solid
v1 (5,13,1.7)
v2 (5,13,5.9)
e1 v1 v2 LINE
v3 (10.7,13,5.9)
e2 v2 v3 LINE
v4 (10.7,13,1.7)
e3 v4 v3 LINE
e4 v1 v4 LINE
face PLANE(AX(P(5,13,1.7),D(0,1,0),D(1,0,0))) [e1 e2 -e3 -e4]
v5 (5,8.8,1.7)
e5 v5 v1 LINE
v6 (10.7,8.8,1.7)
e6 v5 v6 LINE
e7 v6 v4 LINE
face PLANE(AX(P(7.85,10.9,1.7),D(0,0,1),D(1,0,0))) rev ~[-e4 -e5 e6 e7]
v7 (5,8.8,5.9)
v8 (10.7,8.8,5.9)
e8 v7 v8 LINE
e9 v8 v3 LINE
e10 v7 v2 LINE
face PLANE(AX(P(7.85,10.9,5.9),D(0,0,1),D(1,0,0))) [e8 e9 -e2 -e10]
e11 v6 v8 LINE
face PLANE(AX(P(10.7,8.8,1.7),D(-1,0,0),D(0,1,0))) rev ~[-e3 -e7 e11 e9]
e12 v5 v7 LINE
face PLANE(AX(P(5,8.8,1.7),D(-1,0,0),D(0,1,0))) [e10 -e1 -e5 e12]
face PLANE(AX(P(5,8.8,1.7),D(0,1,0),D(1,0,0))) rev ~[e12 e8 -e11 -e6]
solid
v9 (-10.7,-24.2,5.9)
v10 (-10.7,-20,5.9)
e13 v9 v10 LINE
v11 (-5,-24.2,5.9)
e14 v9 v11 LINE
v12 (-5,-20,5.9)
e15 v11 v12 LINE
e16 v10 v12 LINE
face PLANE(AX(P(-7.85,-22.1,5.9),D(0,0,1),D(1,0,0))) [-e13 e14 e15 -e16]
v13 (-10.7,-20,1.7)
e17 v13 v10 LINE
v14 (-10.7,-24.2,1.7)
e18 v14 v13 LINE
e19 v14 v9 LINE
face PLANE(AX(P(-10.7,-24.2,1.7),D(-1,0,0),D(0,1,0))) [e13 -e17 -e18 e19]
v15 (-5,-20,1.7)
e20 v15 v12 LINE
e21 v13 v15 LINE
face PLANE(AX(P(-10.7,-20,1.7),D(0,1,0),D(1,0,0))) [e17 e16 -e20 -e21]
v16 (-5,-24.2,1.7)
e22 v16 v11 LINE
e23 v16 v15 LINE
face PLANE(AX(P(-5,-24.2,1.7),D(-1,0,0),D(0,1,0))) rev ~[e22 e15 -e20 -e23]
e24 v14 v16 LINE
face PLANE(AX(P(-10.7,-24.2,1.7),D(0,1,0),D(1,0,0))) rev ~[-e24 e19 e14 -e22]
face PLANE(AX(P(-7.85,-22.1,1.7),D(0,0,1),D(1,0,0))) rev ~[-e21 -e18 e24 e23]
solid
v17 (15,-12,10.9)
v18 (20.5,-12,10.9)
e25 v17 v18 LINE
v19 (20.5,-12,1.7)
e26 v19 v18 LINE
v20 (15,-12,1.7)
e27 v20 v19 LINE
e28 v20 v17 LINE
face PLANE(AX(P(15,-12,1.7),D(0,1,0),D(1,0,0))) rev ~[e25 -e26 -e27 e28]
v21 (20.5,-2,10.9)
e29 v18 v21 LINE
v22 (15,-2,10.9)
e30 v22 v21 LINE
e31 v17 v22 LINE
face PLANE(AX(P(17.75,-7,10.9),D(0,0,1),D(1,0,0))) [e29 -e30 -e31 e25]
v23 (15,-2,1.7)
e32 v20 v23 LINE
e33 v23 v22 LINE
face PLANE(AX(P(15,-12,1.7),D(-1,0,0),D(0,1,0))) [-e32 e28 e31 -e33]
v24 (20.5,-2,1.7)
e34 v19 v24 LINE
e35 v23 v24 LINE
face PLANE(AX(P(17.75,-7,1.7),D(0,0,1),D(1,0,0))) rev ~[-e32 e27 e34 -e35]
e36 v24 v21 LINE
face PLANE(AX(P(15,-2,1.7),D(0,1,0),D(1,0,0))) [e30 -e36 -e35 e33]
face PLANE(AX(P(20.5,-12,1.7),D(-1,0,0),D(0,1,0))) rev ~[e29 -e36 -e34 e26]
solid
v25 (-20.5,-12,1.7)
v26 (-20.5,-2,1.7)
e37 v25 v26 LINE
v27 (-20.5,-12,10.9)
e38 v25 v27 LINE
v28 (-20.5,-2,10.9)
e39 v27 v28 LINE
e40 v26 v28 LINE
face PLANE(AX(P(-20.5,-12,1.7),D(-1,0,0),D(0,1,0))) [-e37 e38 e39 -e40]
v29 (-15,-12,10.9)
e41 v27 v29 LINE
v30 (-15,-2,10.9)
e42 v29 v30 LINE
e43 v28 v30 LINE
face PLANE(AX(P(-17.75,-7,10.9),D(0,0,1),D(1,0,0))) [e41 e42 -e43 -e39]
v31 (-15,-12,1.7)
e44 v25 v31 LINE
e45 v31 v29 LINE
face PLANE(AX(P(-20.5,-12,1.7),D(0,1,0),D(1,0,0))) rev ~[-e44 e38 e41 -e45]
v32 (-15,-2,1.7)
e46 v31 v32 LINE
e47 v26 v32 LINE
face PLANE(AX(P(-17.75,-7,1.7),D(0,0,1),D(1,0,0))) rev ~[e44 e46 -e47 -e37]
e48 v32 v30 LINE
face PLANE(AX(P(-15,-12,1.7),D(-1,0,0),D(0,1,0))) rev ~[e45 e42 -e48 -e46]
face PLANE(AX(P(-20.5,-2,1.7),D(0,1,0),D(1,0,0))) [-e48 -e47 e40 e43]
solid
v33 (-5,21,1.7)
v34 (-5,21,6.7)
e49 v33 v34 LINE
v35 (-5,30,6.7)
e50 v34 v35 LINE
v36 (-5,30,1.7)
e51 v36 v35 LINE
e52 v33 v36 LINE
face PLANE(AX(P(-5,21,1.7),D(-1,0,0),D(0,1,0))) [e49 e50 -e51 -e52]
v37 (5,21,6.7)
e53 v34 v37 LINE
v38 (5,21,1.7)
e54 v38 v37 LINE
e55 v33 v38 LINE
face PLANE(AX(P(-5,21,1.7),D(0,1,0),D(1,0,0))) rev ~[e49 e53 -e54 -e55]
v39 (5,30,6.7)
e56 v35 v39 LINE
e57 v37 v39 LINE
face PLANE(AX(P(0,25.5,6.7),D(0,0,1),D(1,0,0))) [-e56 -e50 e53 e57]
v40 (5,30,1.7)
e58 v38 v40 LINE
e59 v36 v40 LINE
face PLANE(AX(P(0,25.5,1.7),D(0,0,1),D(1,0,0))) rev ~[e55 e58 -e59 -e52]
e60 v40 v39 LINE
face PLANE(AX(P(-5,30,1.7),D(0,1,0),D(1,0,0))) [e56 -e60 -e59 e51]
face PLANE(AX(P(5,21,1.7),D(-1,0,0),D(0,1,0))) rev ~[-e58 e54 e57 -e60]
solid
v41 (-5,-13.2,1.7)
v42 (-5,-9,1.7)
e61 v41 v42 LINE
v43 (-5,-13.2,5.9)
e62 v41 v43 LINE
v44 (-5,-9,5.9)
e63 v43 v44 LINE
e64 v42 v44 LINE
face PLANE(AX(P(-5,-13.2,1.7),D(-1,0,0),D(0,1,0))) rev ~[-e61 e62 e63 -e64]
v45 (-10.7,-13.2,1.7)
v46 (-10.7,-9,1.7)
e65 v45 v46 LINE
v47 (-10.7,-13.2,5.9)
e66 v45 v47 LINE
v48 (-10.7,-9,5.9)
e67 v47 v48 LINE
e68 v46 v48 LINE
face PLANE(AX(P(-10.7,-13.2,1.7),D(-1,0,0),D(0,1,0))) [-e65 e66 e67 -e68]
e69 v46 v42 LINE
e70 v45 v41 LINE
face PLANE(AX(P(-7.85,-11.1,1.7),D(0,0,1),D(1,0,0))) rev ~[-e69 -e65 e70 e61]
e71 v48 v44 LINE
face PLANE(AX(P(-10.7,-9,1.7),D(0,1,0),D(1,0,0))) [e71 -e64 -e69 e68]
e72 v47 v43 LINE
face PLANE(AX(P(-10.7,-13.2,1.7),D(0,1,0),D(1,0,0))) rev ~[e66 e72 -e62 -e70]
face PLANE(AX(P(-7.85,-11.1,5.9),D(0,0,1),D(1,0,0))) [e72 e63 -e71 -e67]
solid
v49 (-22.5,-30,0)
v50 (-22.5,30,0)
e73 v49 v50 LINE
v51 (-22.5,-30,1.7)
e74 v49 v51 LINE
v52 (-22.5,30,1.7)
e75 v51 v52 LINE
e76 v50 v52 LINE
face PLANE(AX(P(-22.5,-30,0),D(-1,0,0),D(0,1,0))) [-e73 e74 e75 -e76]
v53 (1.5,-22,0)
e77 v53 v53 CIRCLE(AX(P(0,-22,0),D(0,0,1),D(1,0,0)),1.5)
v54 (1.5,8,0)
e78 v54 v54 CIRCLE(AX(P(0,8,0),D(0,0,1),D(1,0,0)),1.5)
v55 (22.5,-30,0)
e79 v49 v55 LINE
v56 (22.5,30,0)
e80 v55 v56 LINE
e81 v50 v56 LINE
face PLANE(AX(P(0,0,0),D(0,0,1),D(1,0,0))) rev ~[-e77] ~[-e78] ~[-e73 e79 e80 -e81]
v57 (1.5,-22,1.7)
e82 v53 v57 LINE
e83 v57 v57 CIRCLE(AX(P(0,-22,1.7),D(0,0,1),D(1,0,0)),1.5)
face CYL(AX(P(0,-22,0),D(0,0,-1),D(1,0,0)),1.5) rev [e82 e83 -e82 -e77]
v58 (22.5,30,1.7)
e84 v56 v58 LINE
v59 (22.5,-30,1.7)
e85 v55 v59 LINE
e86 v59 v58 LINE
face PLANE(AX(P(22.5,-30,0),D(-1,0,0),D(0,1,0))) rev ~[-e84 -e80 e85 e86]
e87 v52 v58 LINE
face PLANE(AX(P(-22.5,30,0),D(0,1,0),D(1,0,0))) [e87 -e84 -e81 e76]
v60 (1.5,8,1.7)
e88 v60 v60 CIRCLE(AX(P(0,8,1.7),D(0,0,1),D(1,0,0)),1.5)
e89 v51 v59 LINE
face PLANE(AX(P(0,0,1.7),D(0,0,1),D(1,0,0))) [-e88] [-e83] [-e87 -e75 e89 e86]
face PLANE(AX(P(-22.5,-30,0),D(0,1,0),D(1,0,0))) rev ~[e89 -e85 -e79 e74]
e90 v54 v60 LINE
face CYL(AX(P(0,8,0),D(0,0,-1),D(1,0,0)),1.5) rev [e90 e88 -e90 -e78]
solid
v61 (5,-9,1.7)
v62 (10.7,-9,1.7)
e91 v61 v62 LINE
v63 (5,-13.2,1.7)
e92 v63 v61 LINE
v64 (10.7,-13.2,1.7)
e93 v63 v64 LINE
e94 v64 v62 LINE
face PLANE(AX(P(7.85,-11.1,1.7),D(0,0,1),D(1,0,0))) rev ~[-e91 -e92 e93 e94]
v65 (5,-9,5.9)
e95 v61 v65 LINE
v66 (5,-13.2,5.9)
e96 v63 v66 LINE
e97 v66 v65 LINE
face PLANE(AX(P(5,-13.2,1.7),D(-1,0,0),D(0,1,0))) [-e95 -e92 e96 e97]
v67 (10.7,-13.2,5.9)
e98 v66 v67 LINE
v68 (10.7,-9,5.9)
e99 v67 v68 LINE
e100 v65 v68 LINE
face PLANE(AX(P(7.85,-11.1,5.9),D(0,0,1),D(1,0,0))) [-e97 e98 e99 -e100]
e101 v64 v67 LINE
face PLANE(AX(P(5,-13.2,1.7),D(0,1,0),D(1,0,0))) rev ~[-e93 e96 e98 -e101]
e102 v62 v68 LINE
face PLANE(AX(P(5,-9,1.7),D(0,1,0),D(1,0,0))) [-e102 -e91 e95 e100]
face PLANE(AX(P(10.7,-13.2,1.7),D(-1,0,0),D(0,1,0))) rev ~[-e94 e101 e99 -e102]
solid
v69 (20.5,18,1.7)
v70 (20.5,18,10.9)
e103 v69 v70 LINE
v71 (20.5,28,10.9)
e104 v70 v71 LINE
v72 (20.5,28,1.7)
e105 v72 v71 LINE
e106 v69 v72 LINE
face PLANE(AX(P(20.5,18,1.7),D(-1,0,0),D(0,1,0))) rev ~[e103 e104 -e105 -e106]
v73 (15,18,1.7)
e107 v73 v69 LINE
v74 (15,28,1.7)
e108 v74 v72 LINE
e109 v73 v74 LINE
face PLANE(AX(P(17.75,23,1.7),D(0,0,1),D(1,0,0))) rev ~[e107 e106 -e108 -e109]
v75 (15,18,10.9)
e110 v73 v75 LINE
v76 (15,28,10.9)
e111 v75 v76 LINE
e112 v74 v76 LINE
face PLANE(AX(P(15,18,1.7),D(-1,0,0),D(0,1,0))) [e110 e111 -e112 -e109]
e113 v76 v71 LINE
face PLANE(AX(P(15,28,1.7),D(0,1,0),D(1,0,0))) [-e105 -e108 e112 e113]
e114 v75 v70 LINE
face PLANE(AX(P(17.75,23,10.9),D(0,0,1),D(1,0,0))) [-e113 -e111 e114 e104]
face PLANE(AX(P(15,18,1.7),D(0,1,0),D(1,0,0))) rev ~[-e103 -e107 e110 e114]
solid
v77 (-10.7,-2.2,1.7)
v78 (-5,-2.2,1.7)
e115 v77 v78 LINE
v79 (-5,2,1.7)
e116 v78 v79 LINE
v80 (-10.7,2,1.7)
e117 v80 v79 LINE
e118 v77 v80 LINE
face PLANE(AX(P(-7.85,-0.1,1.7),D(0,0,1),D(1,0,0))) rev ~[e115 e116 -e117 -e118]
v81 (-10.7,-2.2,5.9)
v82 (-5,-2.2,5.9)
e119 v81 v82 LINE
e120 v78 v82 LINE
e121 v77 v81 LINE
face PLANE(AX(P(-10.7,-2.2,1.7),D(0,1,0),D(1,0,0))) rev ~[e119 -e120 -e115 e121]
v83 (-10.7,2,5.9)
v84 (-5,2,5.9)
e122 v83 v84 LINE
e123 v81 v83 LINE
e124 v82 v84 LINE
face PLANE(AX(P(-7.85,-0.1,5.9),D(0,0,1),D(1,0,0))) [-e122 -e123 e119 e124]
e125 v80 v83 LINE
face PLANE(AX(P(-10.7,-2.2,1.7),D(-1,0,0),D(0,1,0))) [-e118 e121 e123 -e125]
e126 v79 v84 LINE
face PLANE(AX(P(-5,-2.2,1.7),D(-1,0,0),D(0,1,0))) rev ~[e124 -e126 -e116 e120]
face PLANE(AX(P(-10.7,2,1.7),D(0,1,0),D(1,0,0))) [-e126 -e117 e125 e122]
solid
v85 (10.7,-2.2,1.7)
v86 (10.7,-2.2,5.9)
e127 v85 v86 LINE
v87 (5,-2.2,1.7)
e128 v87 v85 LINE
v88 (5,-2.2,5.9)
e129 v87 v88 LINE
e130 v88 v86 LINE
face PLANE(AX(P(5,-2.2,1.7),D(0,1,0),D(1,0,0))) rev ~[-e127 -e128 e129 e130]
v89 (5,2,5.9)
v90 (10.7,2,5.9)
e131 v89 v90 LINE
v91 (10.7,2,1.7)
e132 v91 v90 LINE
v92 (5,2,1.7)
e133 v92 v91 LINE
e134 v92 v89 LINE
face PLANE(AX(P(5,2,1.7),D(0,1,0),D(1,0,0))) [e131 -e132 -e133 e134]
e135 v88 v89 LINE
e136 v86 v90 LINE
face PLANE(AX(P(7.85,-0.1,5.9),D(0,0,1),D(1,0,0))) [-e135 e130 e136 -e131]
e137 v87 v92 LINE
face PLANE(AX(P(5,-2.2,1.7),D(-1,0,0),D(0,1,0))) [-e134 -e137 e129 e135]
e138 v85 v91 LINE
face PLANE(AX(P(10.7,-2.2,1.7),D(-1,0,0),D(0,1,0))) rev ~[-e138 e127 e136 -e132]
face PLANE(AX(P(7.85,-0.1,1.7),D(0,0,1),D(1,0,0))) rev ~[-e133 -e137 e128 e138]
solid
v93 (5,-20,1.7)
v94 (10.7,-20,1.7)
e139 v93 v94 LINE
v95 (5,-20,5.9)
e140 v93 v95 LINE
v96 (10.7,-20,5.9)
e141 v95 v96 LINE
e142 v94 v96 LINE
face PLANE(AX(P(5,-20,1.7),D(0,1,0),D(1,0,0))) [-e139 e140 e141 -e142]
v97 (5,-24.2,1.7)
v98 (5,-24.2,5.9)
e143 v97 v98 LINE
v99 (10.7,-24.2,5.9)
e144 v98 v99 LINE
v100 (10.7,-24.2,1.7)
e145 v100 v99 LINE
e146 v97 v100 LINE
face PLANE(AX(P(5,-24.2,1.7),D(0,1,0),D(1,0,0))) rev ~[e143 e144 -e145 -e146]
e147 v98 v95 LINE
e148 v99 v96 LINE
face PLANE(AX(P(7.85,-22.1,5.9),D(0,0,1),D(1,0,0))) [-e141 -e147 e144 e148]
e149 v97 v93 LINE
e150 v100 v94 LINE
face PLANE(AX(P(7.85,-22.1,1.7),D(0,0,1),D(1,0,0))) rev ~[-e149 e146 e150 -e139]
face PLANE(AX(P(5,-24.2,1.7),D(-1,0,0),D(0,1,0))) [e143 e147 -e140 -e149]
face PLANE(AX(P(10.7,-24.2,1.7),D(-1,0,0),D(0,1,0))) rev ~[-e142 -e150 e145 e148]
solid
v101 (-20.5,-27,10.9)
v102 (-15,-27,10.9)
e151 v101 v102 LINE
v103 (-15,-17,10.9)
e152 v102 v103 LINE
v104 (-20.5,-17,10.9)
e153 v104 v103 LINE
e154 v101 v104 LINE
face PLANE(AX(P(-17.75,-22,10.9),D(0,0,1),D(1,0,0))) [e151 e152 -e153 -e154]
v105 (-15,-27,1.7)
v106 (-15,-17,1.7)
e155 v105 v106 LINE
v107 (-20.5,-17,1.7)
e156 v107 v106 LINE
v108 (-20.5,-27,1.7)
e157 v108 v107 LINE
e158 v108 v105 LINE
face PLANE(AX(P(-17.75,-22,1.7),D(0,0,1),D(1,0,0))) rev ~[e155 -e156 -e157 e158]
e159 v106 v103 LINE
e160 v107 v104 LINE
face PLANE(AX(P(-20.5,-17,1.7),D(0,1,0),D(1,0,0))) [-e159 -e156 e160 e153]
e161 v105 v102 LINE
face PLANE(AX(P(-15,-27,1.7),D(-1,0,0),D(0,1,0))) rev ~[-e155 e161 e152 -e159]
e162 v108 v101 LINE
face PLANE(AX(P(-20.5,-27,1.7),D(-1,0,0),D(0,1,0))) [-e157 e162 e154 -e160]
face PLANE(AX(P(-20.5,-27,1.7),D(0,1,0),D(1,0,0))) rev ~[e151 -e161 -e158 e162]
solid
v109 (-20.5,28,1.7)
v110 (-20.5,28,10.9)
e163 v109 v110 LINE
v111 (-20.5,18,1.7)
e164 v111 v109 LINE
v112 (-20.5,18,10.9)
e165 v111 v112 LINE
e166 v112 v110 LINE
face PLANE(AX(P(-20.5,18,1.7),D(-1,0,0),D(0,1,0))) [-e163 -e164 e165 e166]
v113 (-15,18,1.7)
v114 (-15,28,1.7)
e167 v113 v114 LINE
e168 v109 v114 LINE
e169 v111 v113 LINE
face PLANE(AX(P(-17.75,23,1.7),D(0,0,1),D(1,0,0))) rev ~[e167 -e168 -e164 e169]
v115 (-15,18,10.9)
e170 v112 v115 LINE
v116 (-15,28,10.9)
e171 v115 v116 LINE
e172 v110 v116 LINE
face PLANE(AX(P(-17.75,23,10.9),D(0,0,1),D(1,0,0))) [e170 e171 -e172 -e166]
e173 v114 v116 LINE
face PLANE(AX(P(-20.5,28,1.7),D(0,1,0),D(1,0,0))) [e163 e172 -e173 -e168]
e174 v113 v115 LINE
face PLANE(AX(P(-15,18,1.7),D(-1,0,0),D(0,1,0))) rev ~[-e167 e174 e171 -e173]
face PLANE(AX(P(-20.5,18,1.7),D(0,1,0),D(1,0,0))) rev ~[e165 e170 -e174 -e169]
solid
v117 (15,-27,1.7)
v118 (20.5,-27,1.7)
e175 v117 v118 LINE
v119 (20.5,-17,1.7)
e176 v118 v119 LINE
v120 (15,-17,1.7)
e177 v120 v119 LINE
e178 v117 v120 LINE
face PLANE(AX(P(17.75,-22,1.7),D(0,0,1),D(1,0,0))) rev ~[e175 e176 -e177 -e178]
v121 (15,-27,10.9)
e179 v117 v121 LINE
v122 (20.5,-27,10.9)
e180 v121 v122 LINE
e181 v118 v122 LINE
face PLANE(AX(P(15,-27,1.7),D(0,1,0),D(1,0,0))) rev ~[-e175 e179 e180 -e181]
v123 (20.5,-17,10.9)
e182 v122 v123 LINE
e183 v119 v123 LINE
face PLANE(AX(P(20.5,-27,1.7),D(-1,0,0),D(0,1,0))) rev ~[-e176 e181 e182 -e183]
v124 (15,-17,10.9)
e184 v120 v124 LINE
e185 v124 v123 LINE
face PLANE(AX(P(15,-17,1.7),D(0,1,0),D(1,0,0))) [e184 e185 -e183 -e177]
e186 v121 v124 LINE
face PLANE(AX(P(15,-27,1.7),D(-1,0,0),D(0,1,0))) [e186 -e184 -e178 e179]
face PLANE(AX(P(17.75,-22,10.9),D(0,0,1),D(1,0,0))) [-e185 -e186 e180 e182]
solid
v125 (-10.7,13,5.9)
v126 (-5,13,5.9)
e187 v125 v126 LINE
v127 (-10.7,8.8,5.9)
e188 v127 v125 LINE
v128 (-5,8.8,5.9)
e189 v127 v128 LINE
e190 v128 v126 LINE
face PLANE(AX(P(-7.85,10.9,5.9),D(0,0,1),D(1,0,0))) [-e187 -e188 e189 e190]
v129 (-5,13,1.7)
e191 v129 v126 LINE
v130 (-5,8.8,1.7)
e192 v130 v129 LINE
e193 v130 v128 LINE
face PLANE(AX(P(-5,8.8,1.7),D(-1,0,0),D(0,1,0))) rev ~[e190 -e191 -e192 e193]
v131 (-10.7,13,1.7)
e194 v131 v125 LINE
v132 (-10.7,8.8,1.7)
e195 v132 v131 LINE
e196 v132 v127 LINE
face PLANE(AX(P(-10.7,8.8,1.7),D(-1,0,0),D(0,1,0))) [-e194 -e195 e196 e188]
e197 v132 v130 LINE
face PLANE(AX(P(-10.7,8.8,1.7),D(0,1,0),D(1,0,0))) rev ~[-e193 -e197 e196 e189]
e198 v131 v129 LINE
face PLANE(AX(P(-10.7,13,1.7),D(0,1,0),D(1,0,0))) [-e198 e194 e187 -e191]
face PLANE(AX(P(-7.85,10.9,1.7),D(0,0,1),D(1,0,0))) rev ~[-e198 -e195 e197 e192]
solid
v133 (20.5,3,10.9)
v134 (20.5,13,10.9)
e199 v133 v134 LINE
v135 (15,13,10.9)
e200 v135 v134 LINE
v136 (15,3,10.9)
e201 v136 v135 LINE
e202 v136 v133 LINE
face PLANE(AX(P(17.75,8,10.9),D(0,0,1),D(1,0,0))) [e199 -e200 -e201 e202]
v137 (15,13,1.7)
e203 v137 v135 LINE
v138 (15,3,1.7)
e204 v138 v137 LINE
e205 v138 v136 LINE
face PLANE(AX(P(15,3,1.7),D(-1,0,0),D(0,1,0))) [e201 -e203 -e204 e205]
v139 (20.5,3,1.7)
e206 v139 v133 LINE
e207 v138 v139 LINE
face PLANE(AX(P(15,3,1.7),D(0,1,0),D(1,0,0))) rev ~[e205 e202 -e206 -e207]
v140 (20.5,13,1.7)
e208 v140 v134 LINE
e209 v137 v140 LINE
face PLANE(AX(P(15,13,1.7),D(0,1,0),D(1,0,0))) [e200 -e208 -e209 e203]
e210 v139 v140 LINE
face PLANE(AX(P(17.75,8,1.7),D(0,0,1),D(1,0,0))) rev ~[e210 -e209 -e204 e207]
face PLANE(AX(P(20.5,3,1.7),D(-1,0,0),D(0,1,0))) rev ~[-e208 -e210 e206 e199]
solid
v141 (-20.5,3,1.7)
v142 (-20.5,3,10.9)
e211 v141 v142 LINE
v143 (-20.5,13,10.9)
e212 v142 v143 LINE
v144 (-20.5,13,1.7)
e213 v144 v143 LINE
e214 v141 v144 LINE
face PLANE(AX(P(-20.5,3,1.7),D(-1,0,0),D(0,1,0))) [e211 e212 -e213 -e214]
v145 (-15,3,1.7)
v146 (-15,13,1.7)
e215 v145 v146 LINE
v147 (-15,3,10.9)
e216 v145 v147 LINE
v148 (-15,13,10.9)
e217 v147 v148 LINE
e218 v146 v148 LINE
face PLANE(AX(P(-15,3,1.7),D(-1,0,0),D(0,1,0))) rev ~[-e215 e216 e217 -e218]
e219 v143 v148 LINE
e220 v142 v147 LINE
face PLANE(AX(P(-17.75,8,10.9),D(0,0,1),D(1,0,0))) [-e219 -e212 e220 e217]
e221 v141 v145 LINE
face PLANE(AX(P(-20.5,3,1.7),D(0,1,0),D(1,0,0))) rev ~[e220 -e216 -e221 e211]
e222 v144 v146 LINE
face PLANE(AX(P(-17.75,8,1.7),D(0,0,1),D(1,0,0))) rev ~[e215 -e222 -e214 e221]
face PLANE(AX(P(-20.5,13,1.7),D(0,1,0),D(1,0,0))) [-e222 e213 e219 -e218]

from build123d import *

# Parameters (mm, degrees)
SKETCH_1_W        = 45
SKETCH_1_H        = 60
SKETCH_1_R        = 1.5
EXTRUDE_379_DEPTH = 1.7
SKETCH_2_W        = 10
SKETCH_2_H        = 9
XT30_DEPTH        = 5
SKETCH_3_W        = 5.5
SKETCH_3_H        = 10
XT30_2_DEPTH      = 9.2
XT30_2_2_DEPTH    = 9.2
XT30_2_3_DEPTH    = 9.2
XT30_2_4_DEPTH    = 9.2
XT30_2_5_DEPTH    = 9.2
XT30_2_6_DEPTH    = 9.2
XT30_2_7_DEPTH    = 9.2
XT30_2_8_DEPTH    = 9.2
SKETCH_4_W        = 5.7
SKETCH_4_H        = 4.2
CAN_DEPTH         = 4.2
CAN_2_DEPTH       = 4.2
CAN_3_DEPTH       = 4.2
CAN_4_DEPTH       = 4.2
CAN_5_DEPTH       = 4.2
CAN_6_DEPTH       = 4.2
CAN_7_DEPTH       = 4.2
CAN_8_DEPTH       = 4.2


with BuildPart() as part:
    # 草图1 → Extrude 379 (new body)
    with BuildSketch(Plane.XY):
        Rectangle(SKETCH_1_W, SKETCH_1_H)
        with Locations((0, -22)):
            Circle(SKETCH_1_R, mode=Mode.SUBTRACT)
        with Locations((0, 8)):
            Circle(SKETCH_1_R, mode=Mode.SUBTRACT)
    extrude(amount=EXTRUDE_379_DEPTH)


with BuildPart() as body_2:
    # 草图2 → xt30 (new body)
    with BuildSketch(Plane.XY.offset(1.7)):
        with Locations((0, 25.5)):
            Rectangle(SKETCH_2_W, SKETCH_2_H)
    extrude(amount=XT30_DEPTH)


with BuildPart() as body_3:
    # 草图3 → xt30 2 (new body)
    with BuildSketch(Plane.XY.offset(1.7)):
        with Locations((-17.75, 23)):
            Rectangle(SKETCH_3_W, SKETCH_3_H)
    extrude(amount=XT30_2_DEPTH)


with BuildPart() as body_4:
    # 草图3 → xt30 2 2 (new body)
    with BuildSketch(Plane.XY.offset(1.7)):
        with Locations((-17.75, 8)):
            Rectangle(SKETCH_3_W, SKETCH_3_H)
    extrude(amount=XT30_2_2_DEPTH)


with BuildPart() as body_5:
    # 草图3 → xt30 2 3 (new body)
    with BuildSketch(Plane.XY.offset(1.7)):
        with Locations((-17.75, -7)):
            Rectangle(SKETCH_3_W, SKETCH_3_H)
    extrude(amount=XT30_2_3_DEPTH)


with BuildPart() as body_6:
    # 草图3 → xt30 2 4 (new body)
    with BuildSketch(Plane.XY.offset(1.7)):
        with Locations((-17.75, -22)):
            Rectangle(SKETCH_3_W, SKETCH_3_H)
    extrude(amount=XT30_2_4_DEPTH)


with BuildPart() as body_7:
    # 草图3 → xt30 2 5 (new body)
    with BuildSketch(Plane.XY.offset(1.7)):
        with Locations((17.75, -22)):
            Rectangle(SKETCH_3_W, SKETCH_3_H)
    extrude(amount=XT30_2_5_DEPTH)


with BuildPart() as body_8:
    # 草图3 → xt30 2 6 (new body)
    with BuildSketch(Plane.XY.offset(1.7)):
        with Locations((17.75, -7)):
            Rectangle(SKETCH_3_W, SKETCH_3_H)
    extrude(amount=XT30_2_6_DEPTH)


with BuildPart() as body_9:
    # 草图3 → xt30 2 7 (new body)
    with BuildSketch(Plane.XY.offset(1.7)):
        with Locations((17.75, 8)):
            Rectangle(SKETCH_3_W, SKETCH_3_H)
    extrude(amount=XT30_2_7_DEPTH)


with BuildPart() as body_10:
    # 草图3 → xt30 2 8 (new body)
    with BuildSketch(Plane.XY.offset(1.7)):
        with Locations((17.75, 23)):
            Rectangle(SKETCH_3_W, SKETCH_3_H)
    extrude(amount=XT30_2_8_DEPTH)


with BuildPart() as body_11:
    # 草图4 → can (new body)
    with BuildSketch(Plane.XY.offset(1.7)):
        with Locations((-7.85, 10.9)):
            Rectangle(SKETCH_4_W, SKETCH_4_H)
    extrude(amount=CAN_DEPTH)


with BuildPart() as body_12:
    # 草图4 → can 2 (new body)
    with BuildSketch(Plane.XY.offset(1.7)):
        with Locations((-7.85, -0.1)):
            Rectangle(SKETCH_4_W, SKETCH_4_H)
    extrude(amount=CAN_2_DEPTH)


with BuildPart() as body_13:
    # 草图4 → can 3 (new body)
    with BuildSketch(Plane.XY.offset(1.7)):
        with Locations((-7.85, -11.1)):
            Rectangle(SKETCH_4_W, SKETCH_4_H)
    extrude(amount=CAN_3_DEPTH)


with BuildPart() as body_14:
    # 草图4 → can 4 (new body)
    with BuildSketch(Plane.XY.offset(1.7)):
        with Locations((-7.85, -22.1)):
            Rectangle(SKETCH_4_W, SKETCH_4_H)
    extrude(amount=CAN_4_DEPTH)


with BuildPart() as body_15:
    # 草图4 → can 5 (new body)
    with BuildSketch(Plane.XY.offset(1.7)):
        with Locations((7.85, -22.1)):
            Rectangle(SKETCH_4_W, SKETCH_4_H)
    extrude(amount=CAN_5_DEPTH)


with BuildPart() as body_16:
    # 草图4 → can 6 (new body)
    with BuildSketch(Plane.XY.offset(1.7)):
        with Locations((7.85, -11.1)):
            Rectangle(SKETCH_4_W, SKETCH_4_H)
    extrude(amount=CAN_6_DEPTH)


with BuildPart() as body_17:
    # 草图4 → can 7 (new body)
    with BuildSketch(Plane.XY.offset(1.7)):
        with Locations((7.85, -0.1)):
            Rectangle(SKETCH_4_W, SKETCH_4_H)
    extrude(amount=CAN_7_DEPTH)


with BuildPart() as body_18:
    # 草图4 → can 8 (new body)
    with BuildSketch(Plane.XY.offset(1.7)):
        with Locations((7.85, 10.9)):
            Rectangle(SKETCH_4_W, SKETCH_4_H)
    extrude(amount=CAN_8_DEPTH)


solid = Compound([part.part, body_2.part, body_3.part, body_4.part, body_5.part, body_6.part, body_7.part, body_8.part, body_9.part, body_10.part, body_11.part, body_12.part, body_13.part, body_14.part, body_15.part, body_16.part, body_17.part, body_18.part])
